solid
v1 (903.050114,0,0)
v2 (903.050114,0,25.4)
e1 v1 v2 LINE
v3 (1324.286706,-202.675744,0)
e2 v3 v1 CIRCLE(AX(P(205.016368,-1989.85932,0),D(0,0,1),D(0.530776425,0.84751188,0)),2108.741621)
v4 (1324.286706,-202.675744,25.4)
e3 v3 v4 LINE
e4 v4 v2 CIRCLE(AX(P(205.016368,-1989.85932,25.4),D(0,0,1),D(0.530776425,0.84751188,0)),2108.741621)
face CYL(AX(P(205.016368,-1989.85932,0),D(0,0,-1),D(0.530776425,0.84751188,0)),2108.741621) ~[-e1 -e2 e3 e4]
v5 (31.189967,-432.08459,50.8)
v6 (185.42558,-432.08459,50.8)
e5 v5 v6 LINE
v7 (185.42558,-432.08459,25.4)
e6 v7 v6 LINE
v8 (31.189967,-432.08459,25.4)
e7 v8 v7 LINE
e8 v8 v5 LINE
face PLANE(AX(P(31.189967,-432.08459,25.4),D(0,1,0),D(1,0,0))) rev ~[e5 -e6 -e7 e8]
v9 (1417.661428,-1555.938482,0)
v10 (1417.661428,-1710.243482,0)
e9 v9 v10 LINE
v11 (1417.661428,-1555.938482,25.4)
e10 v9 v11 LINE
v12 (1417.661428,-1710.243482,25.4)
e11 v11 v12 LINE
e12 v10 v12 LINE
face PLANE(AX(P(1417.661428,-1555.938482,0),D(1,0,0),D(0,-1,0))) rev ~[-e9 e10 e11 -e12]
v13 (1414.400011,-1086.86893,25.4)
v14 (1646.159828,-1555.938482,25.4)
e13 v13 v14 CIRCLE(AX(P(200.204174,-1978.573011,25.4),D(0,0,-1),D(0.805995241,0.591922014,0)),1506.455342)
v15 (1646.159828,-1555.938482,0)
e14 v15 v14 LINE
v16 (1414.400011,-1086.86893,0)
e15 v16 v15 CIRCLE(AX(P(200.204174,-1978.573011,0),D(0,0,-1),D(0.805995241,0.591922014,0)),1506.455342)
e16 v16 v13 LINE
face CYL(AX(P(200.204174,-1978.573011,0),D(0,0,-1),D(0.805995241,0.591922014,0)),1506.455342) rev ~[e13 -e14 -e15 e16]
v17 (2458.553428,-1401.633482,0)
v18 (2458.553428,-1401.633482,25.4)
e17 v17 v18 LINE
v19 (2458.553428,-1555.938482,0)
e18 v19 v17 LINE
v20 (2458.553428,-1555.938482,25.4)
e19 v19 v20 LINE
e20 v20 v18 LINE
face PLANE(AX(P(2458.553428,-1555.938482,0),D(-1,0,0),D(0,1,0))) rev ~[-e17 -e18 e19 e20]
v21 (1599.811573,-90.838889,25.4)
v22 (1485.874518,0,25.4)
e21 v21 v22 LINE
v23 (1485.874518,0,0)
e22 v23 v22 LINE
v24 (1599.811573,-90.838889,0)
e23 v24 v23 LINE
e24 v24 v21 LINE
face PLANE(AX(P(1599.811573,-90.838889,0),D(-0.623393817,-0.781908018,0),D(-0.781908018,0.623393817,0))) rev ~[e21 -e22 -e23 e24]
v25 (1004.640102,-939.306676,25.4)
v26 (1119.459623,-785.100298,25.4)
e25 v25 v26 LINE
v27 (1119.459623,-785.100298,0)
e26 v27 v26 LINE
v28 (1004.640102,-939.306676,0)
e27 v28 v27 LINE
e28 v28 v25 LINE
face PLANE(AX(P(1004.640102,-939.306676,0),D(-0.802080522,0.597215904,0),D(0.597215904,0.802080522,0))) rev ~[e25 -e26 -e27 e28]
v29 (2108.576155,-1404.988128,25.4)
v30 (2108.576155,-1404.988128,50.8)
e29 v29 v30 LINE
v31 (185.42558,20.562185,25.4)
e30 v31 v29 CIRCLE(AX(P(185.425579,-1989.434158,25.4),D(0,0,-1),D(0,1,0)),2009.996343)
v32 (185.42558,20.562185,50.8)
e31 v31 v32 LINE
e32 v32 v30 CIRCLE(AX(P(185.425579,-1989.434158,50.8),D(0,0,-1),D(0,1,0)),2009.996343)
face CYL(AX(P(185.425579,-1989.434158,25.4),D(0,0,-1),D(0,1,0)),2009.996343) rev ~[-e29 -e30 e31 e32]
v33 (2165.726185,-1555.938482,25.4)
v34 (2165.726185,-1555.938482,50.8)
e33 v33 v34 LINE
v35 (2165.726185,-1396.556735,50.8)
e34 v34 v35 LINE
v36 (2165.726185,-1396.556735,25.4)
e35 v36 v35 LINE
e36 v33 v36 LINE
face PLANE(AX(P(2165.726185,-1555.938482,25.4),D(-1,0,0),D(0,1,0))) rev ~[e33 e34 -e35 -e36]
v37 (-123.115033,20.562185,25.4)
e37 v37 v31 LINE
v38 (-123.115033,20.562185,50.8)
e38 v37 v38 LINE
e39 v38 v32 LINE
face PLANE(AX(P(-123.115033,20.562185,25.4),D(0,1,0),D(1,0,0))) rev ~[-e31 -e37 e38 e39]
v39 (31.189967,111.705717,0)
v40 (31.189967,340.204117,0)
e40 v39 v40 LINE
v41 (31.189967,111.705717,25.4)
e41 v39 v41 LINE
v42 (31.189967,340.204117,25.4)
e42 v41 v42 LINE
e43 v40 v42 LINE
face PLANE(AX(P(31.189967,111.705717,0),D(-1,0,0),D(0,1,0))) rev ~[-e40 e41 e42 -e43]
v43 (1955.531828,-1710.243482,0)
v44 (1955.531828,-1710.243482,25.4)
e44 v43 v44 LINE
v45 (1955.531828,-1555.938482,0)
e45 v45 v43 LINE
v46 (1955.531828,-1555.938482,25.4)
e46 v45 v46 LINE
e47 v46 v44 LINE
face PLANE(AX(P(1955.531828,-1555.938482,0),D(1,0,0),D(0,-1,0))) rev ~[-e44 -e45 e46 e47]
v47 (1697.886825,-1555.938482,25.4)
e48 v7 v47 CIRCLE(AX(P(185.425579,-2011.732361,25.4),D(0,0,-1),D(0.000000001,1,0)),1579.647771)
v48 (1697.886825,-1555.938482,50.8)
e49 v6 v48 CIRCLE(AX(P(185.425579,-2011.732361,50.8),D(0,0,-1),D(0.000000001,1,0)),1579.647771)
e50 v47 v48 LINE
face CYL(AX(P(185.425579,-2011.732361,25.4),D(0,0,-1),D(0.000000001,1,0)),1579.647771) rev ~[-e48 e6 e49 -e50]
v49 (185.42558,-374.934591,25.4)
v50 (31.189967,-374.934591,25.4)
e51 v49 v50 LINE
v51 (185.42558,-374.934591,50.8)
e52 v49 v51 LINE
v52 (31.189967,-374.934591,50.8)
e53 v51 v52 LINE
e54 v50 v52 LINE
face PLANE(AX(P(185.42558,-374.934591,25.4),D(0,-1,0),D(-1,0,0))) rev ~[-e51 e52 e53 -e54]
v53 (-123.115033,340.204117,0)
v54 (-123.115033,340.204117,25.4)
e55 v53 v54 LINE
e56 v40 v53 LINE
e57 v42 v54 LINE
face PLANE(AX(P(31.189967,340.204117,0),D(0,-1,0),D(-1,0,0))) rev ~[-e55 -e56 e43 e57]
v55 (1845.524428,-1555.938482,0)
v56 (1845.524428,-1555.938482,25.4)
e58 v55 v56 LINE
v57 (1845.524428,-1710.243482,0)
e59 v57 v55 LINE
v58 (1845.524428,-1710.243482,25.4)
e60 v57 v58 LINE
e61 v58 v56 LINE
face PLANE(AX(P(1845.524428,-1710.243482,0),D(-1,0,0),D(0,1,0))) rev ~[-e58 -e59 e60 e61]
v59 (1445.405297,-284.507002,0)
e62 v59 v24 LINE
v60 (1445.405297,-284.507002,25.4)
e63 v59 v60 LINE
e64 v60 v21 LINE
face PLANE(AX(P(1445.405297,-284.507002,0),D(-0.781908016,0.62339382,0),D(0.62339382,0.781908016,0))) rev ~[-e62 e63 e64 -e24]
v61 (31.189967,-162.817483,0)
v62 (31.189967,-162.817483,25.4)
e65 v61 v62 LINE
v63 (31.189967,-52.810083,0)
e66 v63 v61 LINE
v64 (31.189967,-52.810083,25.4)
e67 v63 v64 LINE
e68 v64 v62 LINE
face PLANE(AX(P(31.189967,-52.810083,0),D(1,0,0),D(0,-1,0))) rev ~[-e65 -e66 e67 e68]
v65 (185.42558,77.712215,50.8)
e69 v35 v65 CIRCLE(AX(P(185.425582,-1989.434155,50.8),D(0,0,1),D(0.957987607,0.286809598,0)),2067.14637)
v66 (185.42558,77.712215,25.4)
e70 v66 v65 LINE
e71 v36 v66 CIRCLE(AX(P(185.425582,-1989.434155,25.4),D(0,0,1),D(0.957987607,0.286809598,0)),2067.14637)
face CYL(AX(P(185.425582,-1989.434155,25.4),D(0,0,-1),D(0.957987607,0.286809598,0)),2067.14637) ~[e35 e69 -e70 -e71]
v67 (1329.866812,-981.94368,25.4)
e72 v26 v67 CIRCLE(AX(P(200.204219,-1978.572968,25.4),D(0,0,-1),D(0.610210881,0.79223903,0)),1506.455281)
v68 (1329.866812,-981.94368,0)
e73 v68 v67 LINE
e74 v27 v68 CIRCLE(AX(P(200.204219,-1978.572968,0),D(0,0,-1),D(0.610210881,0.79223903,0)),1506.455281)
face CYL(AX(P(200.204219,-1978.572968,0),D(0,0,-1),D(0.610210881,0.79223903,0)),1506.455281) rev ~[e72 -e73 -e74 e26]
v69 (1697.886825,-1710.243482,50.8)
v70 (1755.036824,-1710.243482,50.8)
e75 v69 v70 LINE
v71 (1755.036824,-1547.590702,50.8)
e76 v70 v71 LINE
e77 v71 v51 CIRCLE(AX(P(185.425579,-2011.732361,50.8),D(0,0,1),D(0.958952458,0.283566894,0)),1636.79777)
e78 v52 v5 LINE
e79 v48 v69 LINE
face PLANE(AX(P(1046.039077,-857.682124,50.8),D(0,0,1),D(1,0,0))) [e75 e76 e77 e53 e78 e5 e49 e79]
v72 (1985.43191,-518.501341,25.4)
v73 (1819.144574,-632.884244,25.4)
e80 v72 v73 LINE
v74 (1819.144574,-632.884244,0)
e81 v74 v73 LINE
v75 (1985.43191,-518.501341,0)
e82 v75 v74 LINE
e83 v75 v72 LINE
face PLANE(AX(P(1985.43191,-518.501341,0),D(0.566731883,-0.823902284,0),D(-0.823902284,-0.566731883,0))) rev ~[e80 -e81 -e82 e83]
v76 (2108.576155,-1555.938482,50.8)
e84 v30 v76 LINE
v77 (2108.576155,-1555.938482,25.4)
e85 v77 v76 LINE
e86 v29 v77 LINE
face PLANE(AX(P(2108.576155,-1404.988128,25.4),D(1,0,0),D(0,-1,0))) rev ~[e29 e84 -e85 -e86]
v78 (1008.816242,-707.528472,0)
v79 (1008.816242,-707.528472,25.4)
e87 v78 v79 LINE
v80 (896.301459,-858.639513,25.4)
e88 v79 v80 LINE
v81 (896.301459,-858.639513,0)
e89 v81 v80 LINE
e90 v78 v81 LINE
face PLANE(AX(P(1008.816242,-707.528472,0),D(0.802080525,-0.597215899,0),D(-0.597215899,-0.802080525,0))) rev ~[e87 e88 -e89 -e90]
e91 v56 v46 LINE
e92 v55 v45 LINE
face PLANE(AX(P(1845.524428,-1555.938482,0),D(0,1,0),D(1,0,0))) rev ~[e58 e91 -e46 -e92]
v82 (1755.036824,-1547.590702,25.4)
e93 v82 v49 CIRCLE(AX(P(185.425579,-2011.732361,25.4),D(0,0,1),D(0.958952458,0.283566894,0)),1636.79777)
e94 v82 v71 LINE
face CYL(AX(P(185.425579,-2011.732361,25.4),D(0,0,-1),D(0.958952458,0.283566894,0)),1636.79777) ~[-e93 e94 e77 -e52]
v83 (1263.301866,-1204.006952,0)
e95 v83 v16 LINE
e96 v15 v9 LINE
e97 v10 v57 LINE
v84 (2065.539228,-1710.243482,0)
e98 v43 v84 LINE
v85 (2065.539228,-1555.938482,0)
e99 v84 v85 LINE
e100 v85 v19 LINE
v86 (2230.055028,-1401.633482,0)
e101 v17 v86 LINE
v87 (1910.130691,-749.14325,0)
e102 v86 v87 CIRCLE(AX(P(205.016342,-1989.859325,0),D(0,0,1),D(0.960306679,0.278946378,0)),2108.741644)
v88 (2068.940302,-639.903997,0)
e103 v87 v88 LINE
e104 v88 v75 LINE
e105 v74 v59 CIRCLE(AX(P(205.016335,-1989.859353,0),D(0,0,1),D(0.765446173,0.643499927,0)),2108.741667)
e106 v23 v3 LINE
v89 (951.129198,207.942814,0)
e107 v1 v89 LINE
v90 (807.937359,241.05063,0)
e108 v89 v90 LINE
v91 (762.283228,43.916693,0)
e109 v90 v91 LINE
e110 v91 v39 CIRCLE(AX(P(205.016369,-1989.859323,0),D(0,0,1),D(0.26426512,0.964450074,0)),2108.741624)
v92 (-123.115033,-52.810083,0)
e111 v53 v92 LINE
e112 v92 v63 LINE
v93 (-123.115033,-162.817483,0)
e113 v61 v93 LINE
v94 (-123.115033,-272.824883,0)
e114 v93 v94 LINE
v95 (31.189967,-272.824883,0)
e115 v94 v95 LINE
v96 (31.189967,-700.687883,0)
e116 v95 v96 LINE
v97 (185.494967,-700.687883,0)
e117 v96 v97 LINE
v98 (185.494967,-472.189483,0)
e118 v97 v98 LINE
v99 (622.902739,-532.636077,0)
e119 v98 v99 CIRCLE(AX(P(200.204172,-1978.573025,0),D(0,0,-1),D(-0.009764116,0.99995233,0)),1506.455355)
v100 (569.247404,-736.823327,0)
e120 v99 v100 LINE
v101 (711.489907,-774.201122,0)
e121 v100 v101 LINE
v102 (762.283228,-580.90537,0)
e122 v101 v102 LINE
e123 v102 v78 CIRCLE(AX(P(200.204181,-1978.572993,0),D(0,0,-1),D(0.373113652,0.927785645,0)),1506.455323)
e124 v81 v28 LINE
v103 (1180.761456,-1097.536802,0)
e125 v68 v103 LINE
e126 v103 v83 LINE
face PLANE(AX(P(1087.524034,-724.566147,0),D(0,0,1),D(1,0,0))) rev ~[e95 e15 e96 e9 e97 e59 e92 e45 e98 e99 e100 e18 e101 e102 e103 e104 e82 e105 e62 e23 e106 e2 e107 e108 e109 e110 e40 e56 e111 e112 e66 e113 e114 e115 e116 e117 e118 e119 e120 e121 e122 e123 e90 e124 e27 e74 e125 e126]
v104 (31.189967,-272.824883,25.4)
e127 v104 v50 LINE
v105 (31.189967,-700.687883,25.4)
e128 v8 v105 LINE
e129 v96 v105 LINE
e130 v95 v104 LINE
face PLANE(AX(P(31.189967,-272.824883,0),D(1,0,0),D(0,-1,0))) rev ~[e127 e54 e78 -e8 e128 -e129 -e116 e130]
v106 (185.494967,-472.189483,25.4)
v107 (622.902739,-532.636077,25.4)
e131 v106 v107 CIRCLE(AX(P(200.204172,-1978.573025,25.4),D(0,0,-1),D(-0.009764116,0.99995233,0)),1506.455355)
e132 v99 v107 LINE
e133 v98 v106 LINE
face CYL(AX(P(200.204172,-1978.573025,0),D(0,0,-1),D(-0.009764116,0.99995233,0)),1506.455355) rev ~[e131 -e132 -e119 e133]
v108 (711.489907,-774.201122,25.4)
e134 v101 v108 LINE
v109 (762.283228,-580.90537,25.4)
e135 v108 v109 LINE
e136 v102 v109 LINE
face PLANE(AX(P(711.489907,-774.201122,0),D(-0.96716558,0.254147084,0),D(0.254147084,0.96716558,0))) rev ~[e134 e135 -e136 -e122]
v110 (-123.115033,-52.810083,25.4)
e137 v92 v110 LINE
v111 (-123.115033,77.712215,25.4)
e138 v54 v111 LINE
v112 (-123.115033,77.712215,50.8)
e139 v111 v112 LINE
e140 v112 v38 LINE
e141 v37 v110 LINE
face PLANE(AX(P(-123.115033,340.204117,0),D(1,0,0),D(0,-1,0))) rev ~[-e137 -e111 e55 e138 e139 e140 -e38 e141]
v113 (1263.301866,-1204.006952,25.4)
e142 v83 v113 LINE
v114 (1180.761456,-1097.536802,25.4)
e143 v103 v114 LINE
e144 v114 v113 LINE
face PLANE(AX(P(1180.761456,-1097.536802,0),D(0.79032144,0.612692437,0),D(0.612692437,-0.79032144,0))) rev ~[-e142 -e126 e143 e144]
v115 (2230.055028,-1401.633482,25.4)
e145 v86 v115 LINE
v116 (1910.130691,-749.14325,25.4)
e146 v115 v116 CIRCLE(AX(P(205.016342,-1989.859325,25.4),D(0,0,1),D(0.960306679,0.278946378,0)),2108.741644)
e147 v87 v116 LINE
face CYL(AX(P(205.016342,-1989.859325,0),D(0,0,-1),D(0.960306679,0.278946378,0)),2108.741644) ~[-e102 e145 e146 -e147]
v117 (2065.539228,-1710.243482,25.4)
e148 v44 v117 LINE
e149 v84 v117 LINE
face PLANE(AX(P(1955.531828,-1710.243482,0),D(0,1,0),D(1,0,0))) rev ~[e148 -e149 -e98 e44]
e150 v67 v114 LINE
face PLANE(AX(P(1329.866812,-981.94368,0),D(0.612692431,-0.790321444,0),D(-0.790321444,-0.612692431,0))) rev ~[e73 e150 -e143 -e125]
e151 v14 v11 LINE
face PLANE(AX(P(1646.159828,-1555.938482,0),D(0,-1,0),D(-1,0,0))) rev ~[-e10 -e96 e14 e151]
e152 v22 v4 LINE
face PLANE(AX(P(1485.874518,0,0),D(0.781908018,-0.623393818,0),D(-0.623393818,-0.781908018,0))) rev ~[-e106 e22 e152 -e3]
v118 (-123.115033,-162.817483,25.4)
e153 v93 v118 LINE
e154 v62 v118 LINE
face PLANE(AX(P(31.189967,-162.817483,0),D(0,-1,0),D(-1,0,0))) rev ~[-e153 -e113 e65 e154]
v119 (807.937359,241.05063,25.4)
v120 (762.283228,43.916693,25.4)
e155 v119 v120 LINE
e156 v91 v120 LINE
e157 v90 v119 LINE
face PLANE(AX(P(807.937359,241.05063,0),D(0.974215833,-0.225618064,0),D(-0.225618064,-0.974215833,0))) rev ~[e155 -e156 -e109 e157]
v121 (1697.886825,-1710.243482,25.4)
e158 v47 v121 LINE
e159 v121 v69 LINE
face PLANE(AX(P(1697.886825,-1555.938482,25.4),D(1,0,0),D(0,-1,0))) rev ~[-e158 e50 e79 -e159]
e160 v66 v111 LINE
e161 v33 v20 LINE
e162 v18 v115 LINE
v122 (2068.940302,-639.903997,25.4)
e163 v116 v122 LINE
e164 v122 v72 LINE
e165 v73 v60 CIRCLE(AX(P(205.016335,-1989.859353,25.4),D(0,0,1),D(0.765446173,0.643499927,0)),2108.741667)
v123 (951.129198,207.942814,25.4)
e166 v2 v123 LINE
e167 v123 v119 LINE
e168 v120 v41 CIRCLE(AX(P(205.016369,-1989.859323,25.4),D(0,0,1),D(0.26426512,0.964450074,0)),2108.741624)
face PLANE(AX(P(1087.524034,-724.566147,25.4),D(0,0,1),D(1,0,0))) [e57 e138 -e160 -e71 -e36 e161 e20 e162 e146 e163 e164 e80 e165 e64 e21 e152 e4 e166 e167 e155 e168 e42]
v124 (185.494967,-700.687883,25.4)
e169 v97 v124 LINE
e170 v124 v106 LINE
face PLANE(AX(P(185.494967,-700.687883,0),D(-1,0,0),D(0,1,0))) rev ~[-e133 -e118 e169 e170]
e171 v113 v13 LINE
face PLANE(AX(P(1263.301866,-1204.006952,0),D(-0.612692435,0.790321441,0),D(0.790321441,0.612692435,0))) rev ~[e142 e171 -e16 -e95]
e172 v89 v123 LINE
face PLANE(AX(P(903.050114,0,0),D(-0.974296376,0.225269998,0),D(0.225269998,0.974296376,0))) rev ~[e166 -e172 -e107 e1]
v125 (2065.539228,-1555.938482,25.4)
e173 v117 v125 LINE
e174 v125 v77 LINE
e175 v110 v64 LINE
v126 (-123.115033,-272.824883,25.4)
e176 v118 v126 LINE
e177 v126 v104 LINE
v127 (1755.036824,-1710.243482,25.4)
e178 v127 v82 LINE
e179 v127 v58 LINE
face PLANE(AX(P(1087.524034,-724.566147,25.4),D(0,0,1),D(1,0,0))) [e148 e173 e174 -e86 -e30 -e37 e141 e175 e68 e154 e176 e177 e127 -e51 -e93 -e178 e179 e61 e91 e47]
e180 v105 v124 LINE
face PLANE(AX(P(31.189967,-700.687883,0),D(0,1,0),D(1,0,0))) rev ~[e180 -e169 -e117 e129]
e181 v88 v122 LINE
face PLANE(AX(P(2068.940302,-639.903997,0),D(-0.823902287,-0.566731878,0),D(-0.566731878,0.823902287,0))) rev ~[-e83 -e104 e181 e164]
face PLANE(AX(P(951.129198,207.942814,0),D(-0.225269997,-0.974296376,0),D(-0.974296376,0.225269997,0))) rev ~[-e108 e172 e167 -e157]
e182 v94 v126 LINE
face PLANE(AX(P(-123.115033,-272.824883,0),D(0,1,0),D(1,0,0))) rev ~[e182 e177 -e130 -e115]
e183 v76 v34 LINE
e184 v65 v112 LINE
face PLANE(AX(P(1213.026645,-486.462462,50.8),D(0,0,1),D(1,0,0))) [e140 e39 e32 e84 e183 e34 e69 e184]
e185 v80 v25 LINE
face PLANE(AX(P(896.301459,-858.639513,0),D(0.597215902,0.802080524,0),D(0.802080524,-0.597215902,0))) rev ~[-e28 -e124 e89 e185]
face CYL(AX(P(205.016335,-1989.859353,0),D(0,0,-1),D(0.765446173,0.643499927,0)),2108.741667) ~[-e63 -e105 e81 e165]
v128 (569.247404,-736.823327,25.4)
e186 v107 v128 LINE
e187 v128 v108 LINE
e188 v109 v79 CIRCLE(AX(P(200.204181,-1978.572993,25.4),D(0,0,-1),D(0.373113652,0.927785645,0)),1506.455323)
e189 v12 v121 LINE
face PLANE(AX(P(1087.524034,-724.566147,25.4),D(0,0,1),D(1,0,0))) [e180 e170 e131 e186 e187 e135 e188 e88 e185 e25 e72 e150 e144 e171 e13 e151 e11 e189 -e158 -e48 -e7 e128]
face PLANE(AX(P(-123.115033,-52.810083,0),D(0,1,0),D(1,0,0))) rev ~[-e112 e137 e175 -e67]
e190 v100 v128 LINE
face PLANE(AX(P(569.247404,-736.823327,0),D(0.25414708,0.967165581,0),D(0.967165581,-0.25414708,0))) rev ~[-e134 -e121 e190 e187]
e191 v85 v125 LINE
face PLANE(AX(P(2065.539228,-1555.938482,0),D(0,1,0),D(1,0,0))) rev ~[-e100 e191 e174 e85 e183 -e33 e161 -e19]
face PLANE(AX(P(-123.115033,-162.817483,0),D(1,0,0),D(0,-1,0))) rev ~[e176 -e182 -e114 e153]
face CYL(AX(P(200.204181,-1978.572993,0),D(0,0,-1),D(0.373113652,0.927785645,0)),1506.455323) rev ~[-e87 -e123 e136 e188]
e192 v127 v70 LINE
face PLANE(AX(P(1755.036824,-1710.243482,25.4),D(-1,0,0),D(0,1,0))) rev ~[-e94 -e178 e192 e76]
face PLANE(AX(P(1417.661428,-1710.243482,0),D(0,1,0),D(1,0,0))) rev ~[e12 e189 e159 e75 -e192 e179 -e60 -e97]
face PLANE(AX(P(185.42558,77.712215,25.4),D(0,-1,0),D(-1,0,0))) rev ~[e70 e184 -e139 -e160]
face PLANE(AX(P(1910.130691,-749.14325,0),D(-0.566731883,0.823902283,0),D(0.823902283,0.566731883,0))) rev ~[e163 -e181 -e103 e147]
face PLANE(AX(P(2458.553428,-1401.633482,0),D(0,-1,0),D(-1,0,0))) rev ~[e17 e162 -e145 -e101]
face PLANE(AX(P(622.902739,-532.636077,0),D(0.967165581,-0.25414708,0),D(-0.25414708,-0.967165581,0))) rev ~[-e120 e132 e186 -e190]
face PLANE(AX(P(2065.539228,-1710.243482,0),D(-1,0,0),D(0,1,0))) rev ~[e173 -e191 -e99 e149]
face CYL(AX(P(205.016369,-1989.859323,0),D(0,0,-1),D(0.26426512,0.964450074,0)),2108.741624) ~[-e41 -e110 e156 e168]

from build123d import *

# Parameters (mm, degrees)
F1_DEPTH = 25.4
F3_DEPTH = 25.4


with BuildPart() as f1:
    # F0 (on Top) → F1 (new body)
    with BuildSketch(Plane.XY):
        with BuildLine():
            Line((31.189967, 340.204117), (-123.115033, 340.204117))
            Line((-123.115033, 340.204117), (-123.115033, -52.810083))
            Line((-123.115033, -52.810083), (31.189967, -52.810083))
            Line((31.189967, -52.810083), (31.189967, -162.817483))
            Line((31.189967, -162.817483), (-123.115033, -162.817483))
            Line((-123.115033, -162.817483), (-123.115033, -272.824883))
            Line((-123.115033, -272.824883), (31.189967, -272.824883))
            Line((31.189967, -272.824883), (31.189967, -700.687883))
            Line((31.189967, -700.687883), (185.494967, -700.687883))
            Line((185.494967, -700.687883), (185.494967, -472.189483))
            ThreePointArc((185.494967, -472.189483), (406.425601, -486.299438), (622.902739, -532.636077))
            ThreePointArc((622.902739, -532.636077), (693.184114, -555.0638), (762.283228, -580.90537))
            ThreePointArc((762.283228, -580.90537), (888.467852, -638.535397), (1008.816242, -707.528472))
            ThreePointArc((1008.816242, -707.528472), (1065.008132, -745.073189), (1119.459623, -785.100298))
            ThreePointArc((1119.459623, -785.100298), (1229.380136, -878.480043), (1329.866812, -981.94368))
            ThreePointArc((1329.866812, -981.94368), (1373.307096, -1033.460725), (1414.400011, -1086.86893))
            ThreePointArc((1414.400011, -1086.86893), (1550.799617, -1311.26525), (1646.159828, -1555.938482))
            Line((1646.159828, -1555.938482), (1417.661428, -1555.938482))
            Line((1417.661428, -1555.938482), (1417.661428, -1710.243482))
            Line((1417.661428, -1710.243482), (1845.524428, -1710.243482))
            Line((1845.524428, -1710.243482), (1845.524428, -1555.938482))
            Line((1845.524428, -1555.938482), (1955.531828, -1555.938482))
            Line((1955.531828, -1555.938482), (1955.531828, -1710.243482))
            Line((1955.531828, -1710.243482), (2065.539228, -1710.243482))
            Line((2065.539228, -1710.243482), (2065.539228, -1555.938482))
            Line((2065.539228, -1555.938482), (2458.553428, -1555.938482))
            Line((2458.553428, -1555.938482), (2458.553428, -1401.633482))
            Line((2458.553428, -1401.633482), (2230.055028, -1401.633482))
            ThreePointArc((2230.055028, -1401.633482), (2098.411782, -1061.503235), (1910.130691, -749.14325))
            ThreePointArc((1910.130691, -749.14325), (1865.655335, -690.217277), (1819.144574, -632.884244))
            ThreePointArc((1819.144574, -632.884244), (1642.865002, -447.334595), (1445.405297, -284.507002))
            ThreePointArc((1445.405297, -284.507002), (1385.55525, -242.541612), (1324.286706, -202.675744))
            ThreePointArc((1324.286706, -202.675744), (1119.301825, -89.629511), (903.050114, 0))
            ThreePointArc((903.050114, 0), (833.05066, 23.189152), (762.283228, 43.916693))
            ThreePointArc((762.283228, 43.916693), (399.709676, 109.875363), (31.189967, 111.705717))
            Line((31.189967, 111.705717), (31.189967, 340.204117))
        make_face()
        with BuildLine():
            Line((807.937359, 241.05063), (762.283228, 43.916693))
            ThreePointArc((762.283228, 43.916693), (833.05066, 23.189152), (903.050114, 0))
            Line((903.050114, 0), (951.129198, 207.942814))
            Line((951.129198, 207.942814), (807.937359, 241.05063))
        make_face()
        with BuildLine():
            Line((1485.874518, 0), (1324.286706, -202.675744))
            ThreePointArc((1324.286706, -202.675744), (1385.55525, -242.541612), (1445.405297, -284.507002))
            Line((1445.405297, -284.507002), (1599.811573, -90.838889))
            Line((1599.811573, -90.838889), (1485.874518, 0))
        make_face()
        with BuildLine():
            Line((1985.43191, -518.501341), (1819.144574, -632.884244))
            ThreePointArc((1819.144574, -632.884244), (1865.655335, -690.217277), (1910.130691, -749.14325))
            Line((1910.130691, -749.14325), (2068.940302, -639.903997))
            Line((2068.940302, -639.903997), (1985.43191, -518.501341))
        make_face()
        with BuildLine():
            ThreePointArc((762.283228, -580.90537), (693.184114, -555.0638), (622.902739, -532.636077))
            Line((622.902739, -532.636077), (569.247404, -736.823327))
            Line((569.247404, -736.823327), (711.489907, -774.201122))
            Line((711.489907, -774.201122), (762.283228, -580.90537))
        make_face()
        with BuildLine():
            ThreePointArc((1119.459623, -785.100298), (1065.008132, -745.073189), (1008.816242, -707.528472))
            Line((1008.816242, -707.528472), (896.301459, -858.639513))
            Line((896.301459, -858.639513), (1004.640102, -939.306676))
            Line((1004.640102, -939.306676), (1119.459623, -785.100298))
        make_face()
        with BuildLine():
            ThreePointArc((1414.400011, -1086.86893), (1373.307096, -1033.460725), (1329.866812, -981.94368))
            Line((1329.866812, -981.94368), (1180.761456, -1097.536802))
            Line((1180.761456, -1097.536802), (1263.301866, -1204.006952))
            Line((1263.301866, -1204.006952), (1414.400011, -1086.86893))
        make_face()
    extrude(amount=F1_DEPTH)

    # F2 (on face) → F3 (join)
    with BuildSketch(Plane.XY.offset(25.4)):
        with BuildLine():
            Line((31.189967, -374.934591), (31.189967, -432.08459))
            Line((31.189967, -432.08459), (185.42558, -432.08459))
            ThreePointArc((185.42558, -432.08459), (1127.575593, -743.804748), (1697.886825, -1555.938482))
            Line((1697.886825, -1555.938482), (1697.886825, -1710.243482))
            Line((1697.886825, -1710.243482), (1755.036824, -1710.243482))
            Line((1755.036824, -1710.243482), (1755.036824, -1547.590702))
            ThreePointArc((1755.036824, -1547.590702), (1165.068603, -700.470951), (185.42558, -374.934591))
            Line((185.42558, -374.934591), (31.189967, -374.934591))
        make_face()
        with BuildLine():
            Line((185.42558, 77.712215), (-123.115033, 77.712215))
            Line((-123.115033, 77.712215), (-123.115033, 20.562185))
            Line((-123.115033, 20.562185), (185.42558, 20.562185))
            ThreePointArc((185.42558, 20.562185), (1382.369796, -374.686549), (2108.576155, -1404.988128))
            Line((2108.576155, -1404.988128), (2108.576155, -1555.938482))
            Line((2108.576155, -1555.938482), (2165.726185, -1555.938482))
            Line((2165.726185, -1555.938482), (2165.726185, -1396.556735))
            ThreePointArc((2165.726185, -1396.556735), (1419.834287, -331.324007), (185.42558, 77.712215))
        make_face()
    extrude(amount=F3_DEPTH)


solid = f1.part
